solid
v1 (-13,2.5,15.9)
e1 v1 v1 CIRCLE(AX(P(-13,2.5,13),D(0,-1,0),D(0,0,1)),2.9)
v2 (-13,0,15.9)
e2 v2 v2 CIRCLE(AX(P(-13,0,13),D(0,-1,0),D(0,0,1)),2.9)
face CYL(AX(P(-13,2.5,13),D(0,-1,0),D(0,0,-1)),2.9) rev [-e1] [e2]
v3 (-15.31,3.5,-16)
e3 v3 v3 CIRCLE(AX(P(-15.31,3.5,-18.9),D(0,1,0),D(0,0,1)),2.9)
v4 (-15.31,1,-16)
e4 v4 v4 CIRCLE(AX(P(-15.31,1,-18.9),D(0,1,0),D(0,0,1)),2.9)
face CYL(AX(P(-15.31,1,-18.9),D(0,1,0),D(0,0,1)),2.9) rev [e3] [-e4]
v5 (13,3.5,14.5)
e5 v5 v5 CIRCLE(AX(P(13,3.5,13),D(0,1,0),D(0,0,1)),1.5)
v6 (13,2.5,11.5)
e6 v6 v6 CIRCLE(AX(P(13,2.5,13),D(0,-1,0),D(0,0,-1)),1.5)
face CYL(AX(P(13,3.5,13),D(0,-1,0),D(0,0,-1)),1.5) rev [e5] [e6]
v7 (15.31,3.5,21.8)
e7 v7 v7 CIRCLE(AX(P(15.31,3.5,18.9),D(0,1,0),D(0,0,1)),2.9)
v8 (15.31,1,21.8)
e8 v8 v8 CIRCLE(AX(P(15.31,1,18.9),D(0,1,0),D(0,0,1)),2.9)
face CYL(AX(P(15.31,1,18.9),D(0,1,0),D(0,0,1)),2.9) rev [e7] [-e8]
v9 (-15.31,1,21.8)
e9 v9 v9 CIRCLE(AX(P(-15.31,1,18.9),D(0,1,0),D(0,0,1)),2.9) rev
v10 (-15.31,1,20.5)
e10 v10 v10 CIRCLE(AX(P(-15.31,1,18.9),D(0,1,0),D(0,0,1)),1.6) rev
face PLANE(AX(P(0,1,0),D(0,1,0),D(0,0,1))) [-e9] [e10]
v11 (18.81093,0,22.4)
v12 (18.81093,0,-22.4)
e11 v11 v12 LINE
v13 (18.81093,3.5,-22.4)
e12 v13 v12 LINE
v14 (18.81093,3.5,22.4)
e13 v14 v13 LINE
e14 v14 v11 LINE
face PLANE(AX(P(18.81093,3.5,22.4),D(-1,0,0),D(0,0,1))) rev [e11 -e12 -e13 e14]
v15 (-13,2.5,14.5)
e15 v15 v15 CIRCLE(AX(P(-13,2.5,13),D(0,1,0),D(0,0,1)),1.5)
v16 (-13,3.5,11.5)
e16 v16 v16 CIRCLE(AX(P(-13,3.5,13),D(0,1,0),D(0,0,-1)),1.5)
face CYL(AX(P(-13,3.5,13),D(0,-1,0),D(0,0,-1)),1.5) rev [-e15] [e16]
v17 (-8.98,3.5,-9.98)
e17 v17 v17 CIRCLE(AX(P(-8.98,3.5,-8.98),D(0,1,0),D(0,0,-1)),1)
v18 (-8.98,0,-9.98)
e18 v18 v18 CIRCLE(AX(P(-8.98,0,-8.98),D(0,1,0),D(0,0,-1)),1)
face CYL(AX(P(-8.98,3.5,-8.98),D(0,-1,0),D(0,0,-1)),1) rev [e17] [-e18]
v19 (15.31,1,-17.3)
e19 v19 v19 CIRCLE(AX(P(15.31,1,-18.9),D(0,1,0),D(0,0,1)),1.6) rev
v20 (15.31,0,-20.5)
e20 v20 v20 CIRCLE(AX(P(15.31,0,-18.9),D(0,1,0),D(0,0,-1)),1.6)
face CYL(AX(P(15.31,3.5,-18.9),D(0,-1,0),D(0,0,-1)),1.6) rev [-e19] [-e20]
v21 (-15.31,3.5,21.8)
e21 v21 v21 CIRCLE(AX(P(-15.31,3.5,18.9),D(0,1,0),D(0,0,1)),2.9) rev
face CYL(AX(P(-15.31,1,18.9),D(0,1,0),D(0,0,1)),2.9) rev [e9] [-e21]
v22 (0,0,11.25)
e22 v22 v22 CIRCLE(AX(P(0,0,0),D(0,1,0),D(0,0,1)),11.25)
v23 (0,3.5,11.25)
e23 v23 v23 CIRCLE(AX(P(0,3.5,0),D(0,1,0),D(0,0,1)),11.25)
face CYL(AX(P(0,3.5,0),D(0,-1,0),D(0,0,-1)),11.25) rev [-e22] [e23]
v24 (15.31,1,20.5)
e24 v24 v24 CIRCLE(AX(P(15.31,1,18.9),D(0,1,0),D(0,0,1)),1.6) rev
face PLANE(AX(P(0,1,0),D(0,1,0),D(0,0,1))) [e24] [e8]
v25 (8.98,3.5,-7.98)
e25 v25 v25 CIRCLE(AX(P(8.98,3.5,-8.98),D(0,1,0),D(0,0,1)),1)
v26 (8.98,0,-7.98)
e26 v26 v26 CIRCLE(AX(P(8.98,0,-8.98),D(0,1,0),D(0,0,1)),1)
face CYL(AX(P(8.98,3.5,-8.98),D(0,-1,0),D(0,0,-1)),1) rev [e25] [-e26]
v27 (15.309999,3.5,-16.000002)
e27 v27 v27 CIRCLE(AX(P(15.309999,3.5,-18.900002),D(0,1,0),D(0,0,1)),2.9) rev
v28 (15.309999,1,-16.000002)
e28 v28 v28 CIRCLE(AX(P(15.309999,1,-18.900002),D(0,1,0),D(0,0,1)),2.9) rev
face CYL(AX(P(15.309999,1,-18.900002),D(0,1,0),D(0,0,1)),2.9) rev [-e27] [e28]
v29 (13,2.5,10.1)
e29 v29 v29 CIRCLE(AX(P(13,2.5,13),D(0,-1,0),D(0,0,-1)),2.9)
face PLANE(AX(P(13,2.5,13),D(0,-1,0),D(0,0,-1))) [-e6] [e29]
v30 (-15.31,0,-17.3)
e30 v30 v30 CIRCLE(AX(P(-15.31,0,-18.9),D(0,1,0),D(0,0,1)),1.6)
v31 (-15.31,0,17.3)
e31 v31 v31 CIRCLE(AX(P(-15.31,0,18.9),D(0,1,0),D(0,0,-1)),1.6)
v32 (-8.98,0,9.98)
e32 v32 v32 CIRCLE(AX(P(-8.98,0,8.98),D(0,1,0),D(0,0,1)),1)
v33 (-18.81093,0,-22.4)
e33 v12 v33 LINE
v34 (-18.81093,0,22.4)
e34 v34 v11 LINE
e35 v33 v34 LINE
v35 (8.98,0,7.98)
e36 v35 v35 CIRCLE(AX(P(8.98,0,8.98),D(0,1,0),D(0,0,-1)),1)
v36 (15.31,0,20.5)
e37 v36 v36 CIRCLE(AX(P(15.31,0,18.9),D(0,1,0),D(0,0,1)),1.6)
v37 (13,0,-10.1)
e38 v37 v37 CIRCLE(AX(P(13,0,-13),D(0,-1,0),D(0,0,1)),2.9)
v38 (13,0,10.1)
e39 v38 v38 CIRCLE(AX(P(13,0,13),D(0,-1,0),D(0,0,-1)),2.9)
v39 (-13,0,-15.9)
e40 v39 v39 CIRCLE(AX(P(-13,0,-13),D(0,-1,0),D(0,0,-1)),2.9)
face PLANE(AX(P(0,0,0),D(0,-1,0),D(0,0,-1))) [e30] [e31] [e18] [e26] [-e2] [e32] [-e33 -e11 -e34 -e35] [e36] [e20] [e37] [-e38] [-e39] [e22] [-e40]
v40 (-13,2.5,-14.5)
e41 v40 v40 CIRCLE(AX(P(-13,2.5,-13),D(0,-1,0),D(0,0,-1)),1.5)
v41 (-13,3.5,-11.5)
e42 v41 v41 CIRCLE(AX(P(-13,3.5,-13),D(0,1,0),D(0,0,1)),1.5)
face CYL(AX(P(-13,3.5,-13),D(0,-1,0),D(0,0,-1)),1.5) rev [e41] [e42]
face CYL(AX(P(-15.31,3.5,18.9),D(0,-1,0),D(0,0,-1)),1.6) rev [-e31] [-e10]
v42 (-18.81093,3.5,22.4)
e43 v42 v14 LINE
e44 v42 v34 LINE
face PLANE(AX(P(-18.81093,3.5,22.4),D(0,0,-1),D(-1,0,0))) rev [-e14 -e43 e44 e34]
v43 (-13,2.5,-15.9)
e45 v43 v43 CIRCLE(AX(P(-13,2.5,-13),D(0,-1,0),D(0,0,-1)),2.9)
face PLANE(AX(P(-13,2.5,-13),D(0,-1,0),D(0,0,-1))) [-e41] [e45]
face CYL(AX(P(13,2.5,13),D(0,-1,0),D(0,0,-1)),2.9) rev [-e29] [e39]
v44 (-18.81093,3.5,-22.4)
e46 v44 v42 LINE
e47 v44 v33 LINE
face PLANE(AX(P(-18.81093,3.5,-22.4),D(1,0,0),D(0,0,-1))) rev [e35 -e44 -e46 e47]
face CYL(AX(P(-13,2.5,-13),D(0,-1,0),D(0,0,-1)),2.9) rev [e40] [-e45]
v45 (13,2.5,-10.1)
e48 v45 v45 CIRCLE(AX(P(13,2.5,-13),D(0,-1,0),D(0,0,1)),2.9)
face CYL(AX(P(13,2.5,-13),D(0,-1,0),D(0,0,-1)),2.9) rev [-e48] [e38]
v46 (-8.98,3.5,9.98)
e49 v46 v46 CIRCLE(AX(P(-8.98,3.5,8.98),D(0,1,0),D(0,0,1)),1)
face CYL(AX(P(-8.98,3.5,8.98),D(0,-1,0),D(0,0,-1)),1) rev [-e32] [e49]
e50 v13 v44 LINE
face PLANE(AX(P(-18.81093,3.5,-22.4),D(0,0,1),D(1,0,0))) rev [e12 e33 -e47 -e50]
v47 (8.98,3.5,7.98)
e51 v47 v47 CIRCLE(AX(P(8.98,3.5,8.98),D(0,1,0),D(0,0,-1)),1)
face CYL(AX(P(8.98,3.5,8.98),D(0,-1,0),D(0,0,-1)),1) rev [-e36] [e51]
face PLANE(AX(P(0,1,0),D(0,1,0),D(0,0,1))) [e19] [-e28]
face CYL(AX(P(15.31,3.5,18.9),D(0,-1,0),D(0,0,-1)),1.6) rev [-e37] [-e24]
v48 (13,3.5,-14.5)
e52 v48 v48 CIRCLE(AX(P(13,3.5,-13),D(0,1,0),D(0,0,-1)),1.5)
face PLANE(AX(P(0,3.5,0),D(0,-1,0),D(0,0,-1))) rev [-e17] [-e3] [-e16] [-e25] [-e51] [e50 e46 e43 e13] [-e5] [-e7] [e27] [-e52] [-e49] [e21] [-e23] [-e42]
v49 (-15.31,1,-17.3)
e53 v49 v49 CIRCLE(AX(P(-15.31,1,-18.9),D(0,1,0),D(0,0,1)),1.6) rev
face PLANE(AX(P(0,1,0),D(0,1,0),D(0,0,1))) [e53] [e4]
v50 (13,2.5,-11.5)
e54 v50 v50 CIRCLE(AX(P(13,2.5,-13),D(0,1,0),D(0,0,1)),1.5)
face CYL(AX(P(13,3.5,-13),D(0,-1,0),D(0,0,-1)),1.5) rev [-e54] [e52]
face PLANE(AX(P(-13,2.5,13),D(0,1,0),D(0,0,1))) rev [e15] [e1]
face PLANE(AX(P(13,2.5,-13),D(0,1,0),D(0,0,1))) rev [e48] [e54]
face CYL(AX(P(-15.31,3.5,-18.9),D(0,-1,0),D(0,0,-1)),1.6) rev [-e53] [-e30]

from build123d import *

# Parameters (mm, degrees)
SKETCH2_W           = 37.621859492
SKETCH2_H           = 44.8
SKETCH2_R           = 11.25
SKETCH2_R_2         = 1.5
SKETCH2_R_3         = 1
SKETCH2_R_4         = 1.6
BOSS_EXTRUDE1_DEPTH = 3.5
SKETCH4_R           = 2.9
CUT_EXTRUDE1_DEPTH  = 2.5
SKETCH6_R           = 2.9
CUT_EXTRUDE2_DEPTH  = 2.5


with BuildPart() as part:
    # Sketch2 → Boss-Extrude1 (new body)
    with BuildSketch(Plane(origin=(0, 0, 0), x_dir=(1, 0, 0), z_dir=(0, 1, 0))):
        Rectangle(SKETCH2_W, SKETCH2_H)
        Circle(SKETCH2_R, mode=Mode.SUBTRACT)
        with Locations((-13, 13)):
            Circle(SKETCH2_R_2, mode=Mode.SUBTRACT)
        with Locations((13, 13)):
            Circle(SKETCH2_R_2, mode=Mode.SUBTRACT)
        with Locations((13, -13)):
            Circle(SKETCH2_R_2, mode=Mode.SUBTRACT)
        with Locations((-13, -13)):
            Circle(SKETCH2_R_2, mode=Mode.SUBTRACT)
        with Locations((8.98, 8.98)):
            Circle(SKETCH2_R_3, mode=Mode.SUBTRACT)
        with Locations((-8.98, 8.98)):
            Circle(SKETCH2_R_3, mode=Mode.SUBTRACT)
        with Locations((8.98, -8.98)):
            Circle(SKETCH2_R_3, mode=Mode.SUBTRACT)
        with Locations((-8.98, -8.98)):
            Circle(SKETCH2_R_3, mode=Mode.SUBTRACT)
        with Locations((-15.31, 18.9)):
            Circle(SKETCH2_R_4, mode=Mode.SUBTRACT)
        with Locations((15.31, 18.9)):
            Circle(SKETCH2_R_4, mode=Mode.SUBTRACT)
        with Locations((15.31, -18.9)):
            Circle(SKETCH2_R_4, mode=Mode.SUBTRACT)
        with Locations((-15.31, -18.9)):
            Circle(SKETCH2_R_4, mode=Mode.SUBTRACT)
    extrude(amount=BOSS_EXTRUDE1_DEPTH)

    # Sketch4 → Cut-Extrude1 (cut)
    with BuildSketch(Plane.XZ):
        with Locations((-13, -13)):
            Circle(SKETCH4_R)
        with Locations((13, -13)):
            Circle(SKETCH4_R)
        with Locations((13, 13)):
            Circle(SKETCH4_R)
        with Locations((-13, 13)):
            Circle(SKETCH4_R)
    extrude(amount=-CUT_EXTRUDE1_DEPTH, mode=Mode.SUBTRACT)

    # Sketch6 → Cut-Extrude2 (cut)
    with BuildSketch(Plane(origin=(0, 3.5, 0), x_dir=(1, 0, 0), z_dir=(0, 1, 0))):
        with Locations((-15.31, 18.9)):
            Circle(SKETCH6_R)
        with Locations((15.31, -18.9)):
            Circle(SKETCH6_R)
        with Locations((15.309998981, 18.900002337)):
            Circle(SKETCH6_R)
        with Locations((-15.31, -18.9)):
            Circle(SKETCH6_R)
    extrude(amount=-CUT_EXTRUDE2_DEPTH, mode=Mode.SUBTRACT)


solid = part.part
